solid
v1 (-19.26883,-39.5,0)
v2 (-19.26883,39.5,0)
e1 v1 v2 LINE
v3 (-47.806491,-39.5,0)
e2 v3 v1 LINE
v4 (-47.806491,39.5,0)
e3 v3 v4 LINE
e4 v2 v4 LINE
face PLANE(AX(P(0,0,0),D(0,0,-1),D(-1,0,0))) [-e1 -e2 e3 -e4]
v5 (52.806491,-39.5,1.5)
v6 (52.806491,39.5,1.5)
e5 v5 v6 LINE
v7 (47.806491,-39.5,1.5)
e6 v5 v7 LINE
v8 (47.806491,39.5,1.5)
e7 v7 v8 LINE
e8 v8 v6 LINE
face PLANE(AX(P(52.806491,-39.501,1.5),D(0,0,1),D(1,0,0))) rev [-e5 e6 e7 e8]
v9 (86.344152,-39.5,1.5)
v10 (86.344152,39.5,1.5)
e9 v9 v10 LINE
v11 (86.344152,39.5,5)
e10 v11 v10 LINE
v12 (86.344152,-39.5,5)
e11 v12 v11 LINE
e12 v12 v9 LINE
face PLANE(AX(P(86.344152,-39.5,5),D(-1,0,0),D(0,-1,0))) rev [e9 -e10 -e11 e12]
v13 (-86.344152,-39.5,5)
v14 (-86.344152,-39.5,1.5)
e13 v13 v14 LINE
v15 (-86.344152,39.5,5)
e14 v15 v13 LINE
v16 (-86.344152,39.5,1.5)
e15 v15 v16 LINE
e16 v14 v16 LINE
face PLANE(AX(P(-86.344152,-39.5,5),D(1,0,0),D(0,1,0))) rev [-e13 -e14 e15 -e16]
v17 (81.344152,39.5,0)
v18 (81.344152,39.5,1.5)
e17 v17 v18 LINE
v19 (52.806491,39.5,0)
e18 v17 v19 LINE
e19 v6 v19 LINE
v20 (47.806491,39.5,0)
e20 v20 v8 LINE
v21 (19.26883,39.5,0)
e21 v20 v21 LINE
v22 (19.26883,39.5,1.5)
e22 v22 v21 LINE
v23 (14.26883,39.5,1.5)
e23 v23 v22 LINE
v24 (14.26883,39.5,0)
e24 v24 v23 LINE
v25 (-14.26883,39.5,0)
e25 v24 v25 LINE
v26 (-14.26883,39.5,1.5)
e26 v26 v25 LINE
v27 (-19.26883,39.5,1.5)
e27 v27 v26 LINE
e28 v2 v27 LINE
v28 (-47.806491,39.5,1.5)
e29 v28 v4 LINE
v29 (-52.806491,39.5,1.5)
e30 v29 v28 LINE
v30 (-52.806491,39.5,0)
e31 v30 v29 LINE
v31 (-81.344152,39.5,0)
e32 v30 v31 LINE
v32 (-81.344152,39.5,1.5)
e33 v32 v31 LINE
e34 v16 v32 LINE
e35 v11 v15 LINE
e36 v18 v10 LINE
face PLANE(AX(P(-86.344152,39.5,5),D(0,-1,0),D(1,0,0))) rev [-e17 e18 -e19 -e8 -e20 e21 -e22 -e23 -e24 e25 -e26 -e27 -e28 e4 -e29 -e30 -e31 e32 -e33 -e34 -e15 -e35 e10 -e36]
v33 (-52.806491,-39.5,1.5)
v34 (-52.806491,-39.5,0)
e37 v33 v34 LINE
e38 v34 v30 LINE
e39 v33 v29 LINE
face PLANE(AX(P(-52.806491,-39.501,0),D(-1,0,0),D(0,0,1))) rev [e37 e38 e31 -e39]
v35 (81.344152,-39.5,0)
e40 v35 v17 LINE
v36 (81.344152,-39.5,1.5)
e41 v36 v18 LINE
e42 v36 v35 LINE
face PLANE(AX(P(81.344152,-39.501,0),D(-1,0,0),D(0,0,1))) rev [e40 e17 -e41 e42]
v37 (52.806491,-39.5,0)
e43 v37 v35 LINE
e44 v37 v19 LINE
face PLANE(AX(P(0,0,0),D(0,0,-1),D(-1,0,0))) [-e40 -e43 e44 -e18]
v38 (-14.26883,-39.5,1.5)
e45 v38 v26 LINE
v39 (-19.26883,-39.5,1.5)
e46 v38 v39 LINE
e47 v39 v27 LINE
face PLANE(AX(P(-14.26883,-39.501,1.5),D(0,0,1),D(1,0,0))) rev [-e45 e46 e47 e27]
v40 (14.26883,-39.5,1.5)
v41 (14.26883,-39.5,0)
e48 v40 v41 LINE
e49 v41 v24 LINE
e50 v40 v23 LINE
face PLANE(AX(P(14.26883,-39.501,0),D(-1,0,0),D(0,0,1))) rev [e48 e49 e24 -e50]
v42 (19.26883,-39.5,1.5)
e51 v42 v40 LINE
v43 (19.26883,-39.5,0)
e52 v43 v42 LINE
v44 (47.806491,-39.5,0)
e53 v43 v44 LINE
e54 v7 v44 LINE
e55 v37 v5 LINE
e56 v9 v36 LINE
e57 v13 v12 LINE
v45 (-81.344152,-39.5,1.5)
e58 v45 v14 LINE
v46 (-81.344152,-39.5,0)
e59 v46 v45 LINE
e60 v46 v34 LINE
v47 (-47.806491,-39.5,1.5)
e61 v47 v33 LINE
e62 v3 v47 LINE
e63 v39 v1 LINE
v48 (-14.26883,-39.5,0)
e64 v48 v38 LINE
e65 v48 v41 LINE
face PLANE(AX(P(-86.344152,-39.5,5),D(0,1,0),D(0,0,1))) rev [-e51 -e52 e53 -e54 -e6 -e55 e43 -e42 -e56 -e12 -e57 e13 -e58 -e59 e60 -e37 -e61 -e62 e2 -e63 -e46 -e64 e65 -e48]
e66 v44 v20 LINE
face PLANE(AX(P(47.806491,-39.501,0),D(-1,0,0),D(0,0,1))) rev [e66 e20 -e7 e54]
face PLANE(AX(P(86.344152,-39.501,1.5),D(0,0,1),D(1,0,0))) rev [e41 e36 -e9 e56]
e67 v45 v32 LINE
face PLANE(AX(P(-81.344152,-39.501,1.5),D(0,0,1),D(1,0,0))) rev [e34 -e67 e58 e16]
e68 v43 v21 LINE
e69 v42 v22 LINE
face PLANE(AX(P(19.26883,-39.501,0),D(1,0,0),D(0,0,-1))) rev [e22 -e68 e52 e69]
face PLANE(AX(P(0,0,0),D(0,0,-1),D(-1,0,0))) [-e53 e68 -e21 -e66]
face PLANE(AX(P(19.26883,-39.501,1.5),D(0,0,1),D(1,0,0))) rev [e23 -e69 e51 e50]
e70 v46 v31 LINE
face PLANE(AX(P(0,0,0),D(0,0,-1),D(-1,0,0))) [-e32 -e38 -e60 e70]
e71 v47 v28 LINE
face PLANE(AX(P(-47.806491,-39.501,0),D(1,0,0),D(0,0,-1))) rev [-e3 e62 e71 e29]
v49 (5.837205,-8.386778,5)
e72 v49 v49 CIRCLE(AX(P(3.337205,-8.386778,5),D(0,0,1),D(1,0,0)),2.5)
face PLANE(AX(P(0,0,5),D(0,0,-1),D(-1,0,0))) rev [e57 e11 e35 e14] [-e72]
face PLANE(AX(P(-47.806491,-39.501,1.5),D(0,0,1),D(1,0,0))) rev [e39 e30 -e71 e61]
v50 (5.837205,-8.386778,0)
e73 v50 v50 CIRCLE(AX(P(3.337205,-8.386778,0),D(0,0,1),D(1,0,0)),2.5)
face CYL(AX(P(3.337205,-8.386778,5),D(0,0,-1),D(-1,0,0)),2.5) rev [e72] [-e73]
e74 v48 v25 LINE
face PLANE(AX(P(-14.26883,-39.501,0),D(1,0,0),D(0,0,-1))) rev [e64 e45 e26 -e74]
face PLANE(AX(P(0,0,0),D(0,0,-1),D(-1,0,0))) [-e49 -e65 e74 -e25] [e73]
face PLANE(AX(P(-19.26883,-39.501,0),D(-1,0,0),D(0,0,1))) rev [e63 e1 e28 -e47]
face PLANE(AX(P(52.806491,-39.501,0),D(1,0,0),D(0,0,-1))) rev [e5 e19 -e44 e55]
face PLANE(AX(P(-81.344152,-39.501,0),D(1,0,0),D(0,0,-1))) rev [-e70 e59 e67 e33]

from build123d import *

# Parameters (mm, degrees)
SKETCH1_W           = 172.688303012
SKETCH1_H           = 79
SKETCH1_R           = 2.5
BOSS_EXTRUDE1_DEPTH = 5
CUT_EXTRUDE1_REACH  = 81
SKETCH2_W           = 5
SKETCH2_H           = 1.5


with BuildPart() as part:
    # Sketch1 → Boss-Extrude1 (new body)
    with BuildSketch(Plane.XY):
        Rectangle(SKETCH1_W, SKETCH1_H)
        with Locations((3.337204705, -8.386778216)):
            Circle(SKETCH1_R, mode=Mode.SUBTRACT)
    extrude(amount=BOSS_EXTRUDE1_DEPTH)

    # Sketch2 → Cut-Extrude1 (cut, up to next)
    with BuildSketch(Plane(origin=(0, 39.5, 0), x_dir=(1, 0, 0), z_dir=(0, 1, 0)), mode=Mode.PRIVATE) as cut_extrude1_sk1:
        with Locations((83.844151506, -0.75)):
            Rectangle(SKETCH2_W, SKETCH2_H)
    cut_extrude1_tool1 = extrude(cut_extrude1_sk1.sketch, amount=-CUT_EXTRUDE1_REACH, mode=Mode.PRIVATE) & part.part
    add(cut_extrude1_tool1.solids().sort_by_distance((83.844152, 39.5, 0.75))[0], mode=Mode.SUBTRACT)
    # Sketch2 → Cut-Extrude1 (cut, up to next)
    with BuildSketch(Plane(origin=(0, 39.5, 0), x_dir=(1, 0, 0), z_dir=(0, 1, 0)), mode=Mode.PRIVATE) as cut_extrude1_sk2:
        with Locations((50.306490903, -0.75)):
            Rectangle(SKETCH2_W, SKETCH2_H)
    cut_extrude1_tool2 = extrude(cut_extrude1_sk2.sketch, amount=-CUT_EXTRUDE1_REACH, mode=Mode.PRIVATE) & part.part
    add(cut_extrude1_tool2.solids().sort_by_distance((50.306491, 39.5, 0.75))[0], mode=Mode.SUBTRACT)
    # Sketch2 → Cut-Extrude1 (cut, up to next)
    with BuildSketch(Plane(origin=(0, 39.5, 0), x_dir=(1, 0, 0), z_dir=(0, 1, 0)), mode=Mode.PRIVATE) as cut_extrude1_sk3:
        with Locations((16.768830301, -0.75)):
            Rectangle(SKETCH2_W, SKETCH2_H)
    cut_extrude1_tool3 = extrude(cut_extrude1_sk3.sketch, amount=-CUT_EXTRUDE1_REACH, mode=Mode.PRIVATE) & part.part
    add(cut_extrude1_tool3.solids().sort_by_distance((16.76883, 39.5, 0.75))[0], mode=Mode.SUBTRACT)
    # Sketch2 → Cut-Extrude1 (cut, up to next)
    with BuildSketch(Plane(origin=(0, 39.5, 0), x_dir=(1, 0, 0), z_dir=(0, 1, 0)), mode=Mode.PRIVATE) as cut_extrude1_sk4:
        with Locations((-16.768830301, -0.75)):
            Rectangle(SKETCH2_W, SKETCH2_H)
    cut_extrude1_tool4 = extrude(cut_extrude1_sk4.sketch, amount=-CUT_EXTRUDE1_REACH, mode=Mode.PRIVATE) & part.part
    add(cut_extrude1_tool4.solids().sort_by_distance((-16.76883, 39.5, 0.75))[0], mode=Mode.SUBTRACT)
    # Sketch2 → Cut-Extrude1 (cut, up to next)
    with BuildSketch(Plane(origin=(0, 39.5, 0), x_dir=(1, 0, 0), z_dir=(0, 1, 0)), mode=Mode.PRIVATE) as cut_extrude1_sk5:
        with Locations((-50.306490903, -0.75)):
            Rectangle(SKETCH2_W, SKETCH2_H)
    cut_extrude1_tool5 = extrude(cut_extrude1_sk5.sketch, amount=-CUT_EXTRUDE1_REACH, mode=Mode.PRIVATE) & part.part
    add(cut_extrude1_tool5.solids().sort_by_distance((-50.306491, 39.5, 0.75))[0], mode=Mode.SUBTRACT)
    # Sketch2 → Cut-Extrude1 (cut, up to next)
    with BuildSketch(Plane(origin=(0, 39.5, 0), x_dir=(1, 0, 0), z_dir=(0, 1, 0)), mode=Mode.PRIVATE) as cut_extrude1_sk6:
        with Locations((-83.844151506, -0.75)):
            Rectangle(SKETCH2_W, SKETCH2_H)
    cut_extrude1_tool6 = extrude(cut_extrude1_sk6.sketch, amount=-CUT_EXTRUDE1_REACH, mode=Mode.PRIVATE) & part.part
    add(cut_extrude1_tool6.solids().sort_by_distance((-83.844152, 39.5, 0.75))[0], mode=Mode.SUBTRACT)


solid = part.part
